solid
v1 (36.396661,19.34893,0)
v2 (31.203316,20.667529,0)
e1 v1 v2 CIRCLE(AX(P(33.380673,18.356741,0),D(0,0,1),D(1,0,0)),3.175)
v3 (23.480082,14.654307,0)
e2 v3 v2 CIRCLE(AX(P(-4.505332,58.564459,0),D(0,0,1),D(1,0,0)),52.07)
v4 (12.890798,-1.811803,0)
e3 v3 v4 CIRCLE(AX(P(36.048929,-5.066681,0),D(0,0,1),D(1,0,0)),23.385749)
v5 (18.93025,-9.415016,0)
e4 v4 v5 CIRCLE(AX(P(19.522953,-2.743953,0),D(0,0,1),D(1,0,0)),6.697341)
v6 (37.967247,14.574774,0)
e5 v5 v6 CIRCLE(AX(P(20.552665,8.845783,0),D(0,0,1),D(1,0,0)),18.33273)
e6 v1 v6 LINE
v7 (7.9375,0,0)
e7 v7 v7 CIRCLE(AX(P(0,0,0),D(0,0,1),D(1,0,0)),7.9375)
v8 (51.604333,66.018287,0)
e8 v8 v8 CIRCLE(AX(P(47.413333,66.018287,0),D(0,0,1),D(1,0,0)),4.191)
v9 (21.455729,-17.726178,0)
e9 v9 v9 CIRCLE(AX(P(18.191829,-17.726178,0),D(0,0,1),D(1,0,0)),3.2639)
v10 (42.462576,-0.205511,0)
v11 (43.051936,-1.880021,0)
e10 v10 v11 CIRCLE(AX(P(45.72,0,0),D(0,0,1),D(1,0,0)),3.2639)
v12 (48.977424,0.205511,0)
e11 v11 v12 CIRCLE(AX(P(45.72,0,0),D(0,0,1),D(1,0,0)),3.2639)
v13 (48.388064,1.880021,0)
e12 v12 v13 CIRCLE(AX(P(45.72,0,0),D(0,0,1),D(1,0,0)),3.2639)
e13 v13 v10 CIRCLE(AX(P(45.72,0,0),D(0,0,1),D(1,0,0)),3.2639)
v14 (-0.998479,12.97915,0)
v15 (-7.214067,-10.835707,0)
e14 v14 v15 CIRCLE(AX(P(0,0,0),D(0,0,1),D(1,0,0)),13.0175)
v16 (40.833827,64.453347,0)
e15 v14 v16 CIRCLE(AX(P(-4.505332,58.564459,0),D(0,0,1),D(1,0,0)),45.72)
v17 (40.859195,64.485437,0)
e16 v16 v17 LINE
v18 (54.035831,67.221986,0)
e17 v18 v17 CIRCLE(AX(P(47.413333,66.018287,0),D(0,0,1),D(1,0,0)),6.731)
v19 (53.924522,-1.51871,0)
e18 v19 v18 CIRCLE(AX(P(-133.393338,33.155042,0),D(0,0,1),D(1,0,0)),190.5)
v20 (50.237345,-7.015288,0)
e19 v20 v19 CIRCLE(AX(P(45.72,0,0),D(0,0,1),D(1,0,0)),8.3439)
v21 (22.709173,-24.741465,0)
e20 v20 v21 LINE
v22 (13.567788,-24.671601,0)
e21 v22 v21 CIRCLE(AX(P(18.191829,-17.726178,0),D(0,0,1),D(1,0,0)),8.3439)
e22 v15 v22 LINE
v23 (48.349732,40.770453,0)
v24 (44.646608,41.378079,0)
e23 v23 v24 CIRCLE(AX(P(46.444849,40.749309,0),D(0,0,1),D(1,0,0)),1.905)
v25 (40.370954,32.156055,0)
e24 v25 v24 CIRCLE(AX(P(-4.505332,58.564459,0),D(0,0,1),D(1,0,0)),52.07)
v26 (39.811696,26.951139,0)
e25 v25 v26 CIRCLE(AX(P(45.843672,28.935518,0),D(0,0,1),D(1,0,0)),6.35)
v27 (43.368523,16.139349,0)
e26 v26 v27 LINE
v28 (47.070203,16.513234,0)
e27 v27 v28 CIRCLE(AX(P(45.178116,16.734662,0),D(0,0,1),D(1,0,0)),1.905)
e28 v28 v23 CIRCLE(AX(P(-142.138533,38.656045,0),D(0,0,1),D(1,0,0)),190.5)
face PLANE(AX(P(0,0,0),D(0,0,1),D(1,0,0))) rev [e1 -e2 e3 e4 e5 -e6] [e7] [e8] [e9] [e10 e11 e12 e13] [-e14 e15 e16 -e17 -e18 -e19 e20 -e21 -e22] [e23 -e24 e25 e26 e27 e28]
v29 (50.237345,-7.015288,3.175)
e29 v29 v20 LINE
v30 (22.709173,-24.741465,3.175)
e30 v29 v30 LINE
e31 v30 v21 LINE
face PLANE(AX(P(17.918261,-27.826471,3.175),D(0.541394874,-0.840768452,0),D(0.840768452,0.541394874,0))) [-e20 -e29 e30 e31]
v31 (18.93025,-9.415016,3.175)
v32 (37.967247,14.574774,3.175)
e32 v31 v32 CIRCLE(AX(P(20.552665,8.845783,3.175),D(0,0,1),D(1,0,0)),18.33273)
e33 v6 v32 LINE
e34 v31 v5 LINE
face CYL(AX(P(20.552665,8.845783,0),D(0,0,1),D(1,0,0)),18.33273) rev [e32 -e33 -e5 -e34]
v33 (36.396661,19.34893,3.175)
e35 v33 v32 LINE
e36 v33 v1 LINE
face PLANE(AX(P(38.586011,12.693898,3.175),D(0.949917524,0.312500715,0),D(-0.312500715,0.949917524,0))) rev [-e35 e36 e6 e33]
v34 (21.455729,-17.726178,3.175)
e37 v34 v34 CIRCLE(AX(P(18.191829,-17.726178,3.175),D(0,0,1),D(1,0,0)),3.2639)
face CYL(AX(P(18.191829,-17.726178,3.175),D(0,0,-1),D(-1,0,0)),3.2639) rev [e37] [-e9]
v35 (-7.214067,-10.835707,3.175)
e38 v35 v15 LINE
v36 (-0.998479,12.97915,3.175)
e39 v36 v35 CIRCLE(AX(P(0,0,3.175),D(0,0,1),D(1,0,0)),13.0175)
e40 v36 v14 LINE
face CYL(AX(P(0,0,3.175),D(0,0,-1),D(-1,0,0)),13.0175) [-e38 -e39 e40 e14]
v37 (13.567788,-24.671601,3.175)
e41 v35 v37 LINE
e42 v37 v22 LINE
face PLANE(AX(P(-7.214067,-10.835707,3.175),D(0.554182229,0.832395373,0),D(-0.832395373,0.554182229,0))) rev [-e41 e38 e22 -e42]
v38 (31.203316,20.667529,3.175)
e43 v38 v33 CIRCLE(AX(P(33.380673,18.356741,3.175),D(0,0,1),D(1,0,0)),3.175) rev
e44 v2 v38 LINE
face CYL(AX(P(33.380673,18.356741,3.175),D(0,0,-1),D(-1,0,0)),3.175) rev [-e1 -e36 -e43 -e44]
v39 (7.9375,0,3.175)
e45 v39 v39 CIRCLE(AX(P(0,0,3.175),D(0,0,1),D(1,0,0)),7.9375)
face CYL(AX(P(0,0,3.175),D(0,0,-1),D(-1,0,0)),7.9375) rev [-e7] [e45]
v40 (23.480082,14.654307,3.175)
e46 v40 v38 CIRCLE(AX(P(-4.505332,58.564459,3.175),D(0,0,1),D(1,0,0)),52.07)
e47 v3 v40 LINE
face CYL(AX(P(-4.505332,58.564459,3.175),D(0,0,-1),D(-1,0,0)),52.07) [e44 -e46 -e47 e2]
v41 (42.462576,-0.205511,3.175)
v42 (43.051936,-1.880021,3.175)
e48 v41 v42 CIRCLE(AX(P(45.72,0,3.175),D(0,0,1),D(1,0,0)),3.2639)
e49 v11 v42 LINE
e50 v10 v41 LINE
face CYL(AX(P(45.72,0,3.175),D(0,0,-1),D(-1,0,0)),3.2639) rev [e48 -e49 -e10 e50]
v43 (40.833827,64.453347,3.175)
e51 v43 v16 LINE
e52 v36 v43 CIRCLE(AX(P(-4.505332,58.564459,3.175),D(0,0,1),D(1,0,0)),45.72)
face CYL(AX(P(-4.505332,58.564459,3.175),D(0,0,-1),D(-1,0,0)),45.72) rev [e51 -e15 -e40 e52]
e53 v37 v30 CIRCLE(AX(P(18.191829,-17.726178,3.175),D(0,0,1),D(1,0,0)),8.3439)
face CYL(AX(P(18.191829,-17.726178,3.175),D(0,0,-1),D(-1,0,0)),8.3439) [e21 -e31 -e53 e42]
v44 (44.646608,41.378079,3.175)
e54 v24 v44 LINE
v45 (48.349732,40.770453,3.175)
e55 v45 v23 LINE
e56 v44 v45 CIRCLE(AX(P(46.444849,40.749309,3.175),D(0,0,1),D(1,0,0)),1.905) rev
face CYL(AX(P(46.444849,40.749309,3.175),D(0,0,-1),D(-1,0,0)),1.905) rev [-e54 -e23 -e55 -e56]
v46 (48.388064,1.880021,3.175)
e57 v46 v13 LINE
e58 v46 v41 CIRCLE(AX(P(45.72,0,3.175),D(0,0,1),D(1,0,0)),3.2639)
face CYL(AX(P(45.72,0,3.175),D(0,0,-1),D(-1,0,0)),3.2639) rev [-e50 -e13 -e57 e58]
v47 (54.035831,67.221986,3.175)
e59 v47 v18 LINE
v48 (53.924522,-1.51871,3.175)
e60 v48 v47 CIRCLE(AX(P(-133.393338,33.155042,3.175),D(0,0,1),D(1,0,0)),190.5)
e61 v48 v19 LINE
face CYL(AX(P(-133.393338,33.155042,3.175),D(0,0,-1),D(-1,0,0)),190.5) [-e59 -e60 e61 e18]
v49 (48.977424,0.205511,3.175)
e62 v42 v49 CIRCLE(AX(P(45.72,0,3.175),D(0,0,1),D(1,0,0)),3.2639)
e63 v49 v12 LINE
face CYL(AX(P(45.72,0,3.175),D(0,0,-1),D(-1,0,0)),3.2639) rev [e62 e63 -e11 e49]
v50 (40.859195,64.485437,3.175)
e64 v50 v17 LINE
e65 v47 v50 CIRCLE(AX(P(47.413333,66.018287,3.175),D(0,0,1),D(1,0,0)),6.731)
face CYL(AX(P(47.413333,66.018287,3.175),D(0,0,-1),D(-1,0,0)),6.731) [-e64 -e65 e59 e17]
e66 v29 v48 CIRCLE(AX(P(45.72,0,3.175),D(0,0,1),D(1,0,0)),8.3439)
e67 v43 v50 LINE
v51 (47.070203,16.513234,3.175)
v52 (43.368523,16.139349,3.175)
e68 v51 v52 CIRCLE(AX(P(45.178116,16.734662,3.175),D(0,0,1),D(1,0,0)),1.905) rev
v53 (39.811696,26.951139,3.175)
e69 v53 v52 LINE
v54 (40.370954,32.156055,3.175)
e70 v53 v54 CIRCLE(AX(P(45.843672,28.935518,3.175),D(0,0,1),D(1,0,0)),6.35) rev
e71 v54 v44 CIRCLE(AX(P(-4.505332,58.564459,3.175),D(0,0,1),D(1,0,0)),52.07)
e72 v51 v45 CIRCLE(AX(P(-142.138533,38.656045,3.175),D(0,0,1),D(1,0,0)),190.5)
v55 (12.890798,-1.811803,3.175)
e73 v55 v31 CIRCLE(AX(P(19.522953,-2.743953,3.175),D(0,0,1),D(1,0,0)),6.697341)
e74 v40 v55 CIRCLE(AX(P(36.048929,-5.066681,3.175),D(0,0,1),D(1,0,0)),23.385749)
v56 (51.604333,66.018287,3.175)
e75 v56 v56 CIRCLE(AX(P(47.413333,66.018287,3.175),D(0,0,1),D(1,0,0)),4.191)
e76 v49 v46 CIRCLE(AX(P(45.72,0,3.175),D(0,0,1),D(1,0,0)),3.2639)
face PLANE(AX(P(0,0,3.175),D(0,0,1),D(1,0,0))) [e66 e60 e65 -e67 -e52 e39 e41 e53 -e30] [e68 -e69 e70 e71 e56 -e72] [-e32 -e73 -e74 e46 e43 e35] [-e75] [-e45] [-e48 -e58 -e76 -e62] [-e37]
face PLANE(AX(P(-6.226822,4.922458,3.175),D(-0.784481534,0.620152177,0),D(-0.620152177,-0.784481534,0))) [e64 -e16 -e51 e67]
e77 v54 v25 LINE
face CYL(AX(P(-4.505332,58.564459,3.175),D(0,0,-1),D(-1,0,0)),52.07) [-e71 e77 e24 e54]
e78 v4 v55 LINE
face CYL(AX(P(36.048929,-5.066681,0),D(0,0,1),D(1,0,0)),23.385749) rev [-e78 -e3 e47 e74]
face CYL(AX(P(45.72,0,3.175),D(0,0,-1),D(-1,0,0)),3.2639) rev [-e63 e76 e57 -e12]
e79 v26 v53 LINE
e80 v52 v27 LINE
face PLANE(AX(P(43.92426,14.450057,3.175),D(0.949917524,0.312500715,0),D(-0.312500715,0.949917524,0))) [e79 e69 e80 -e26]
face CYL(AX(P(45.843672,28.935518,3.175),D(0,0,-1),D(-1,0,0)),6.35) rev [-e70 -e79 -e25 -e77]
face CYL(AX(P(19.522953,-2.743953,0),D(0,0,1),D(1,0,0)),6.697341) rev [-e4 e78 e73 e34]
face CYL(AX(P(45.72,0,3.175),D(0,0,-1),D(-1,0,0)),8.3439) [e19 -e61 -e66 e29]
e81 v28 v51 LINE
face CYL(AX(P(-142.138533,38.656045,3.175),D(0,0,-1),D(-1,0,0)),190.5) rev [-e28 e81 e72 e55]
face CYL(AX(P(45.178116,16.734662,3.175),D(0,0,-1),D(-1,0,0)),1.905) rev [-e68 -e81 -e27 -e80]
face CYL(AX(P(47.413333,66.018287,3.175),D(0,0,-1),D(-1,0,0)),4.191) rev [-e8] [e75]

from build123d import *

# Parameters (mm, degrees)
SKETCH2_R           = 7.9375
SKETCH2_R_2         = 3.2639
SKETCH2_R_3         = 4.191
BOSS_EXTRUDE1_DEPTH = 3.175
FILLET3_R           = 1.905
FILLET4_R           = 6.35
BOSS_EXTRUDE2_START = -3.175
BOSS_EXTRUDE2_DEPTH = 3.175
CUT_EXTRUDE1_DEPTH  = 12.065
FILLET5_R           = 3.175


with BuildPart() as part:
    # Sketch2 → Boss-Extrude1 (new body)
    with BuildSketch(Plane.XY):
        with BuildLine():
            Line((22.709173353, -24.74146542), (50.237344688, -7.01528789))
            ThreePointArc((50.237344688, -7.01528789), (52.649254226, -4.648236557), (53.924522204, -1.51871084))
            ThreePointArc((53.924522204, -1.51871084), (57.106411985, 32.846575037), (54.035830718, 67.22198524))
            ThreePointArc((54.035830718, 67.22198524), (46.044632155, 72.608660166), (40.859194914, 64.485436554))
            Line((40.859194914, 64.485436554), (40.833827284, 64.453346951))
            ThreePointArc((40.833827284, 64.453346951), (30.975387354, 29.729811242), (-0.998479041, 12.979150429))
            ThreePointArc((-0.998479041, 12.979150429), (-12.595568055, 3.287395871), (-7.214067166, -10.835706769))
            Line((-7.214067166, -10.835706769), (13.567787564, -24.671601284))
            ThreePointArc((13.567787564, -24.671601284), (18.128061271, -26.069833859), (22.709173353, -24.74146542))
        make_face()
        Circle(SKETCH2_R, mode=Mode.SUBTRACT)
        with Locations((18.191828664, -17.726177531)):
            Circle(SKETCH2_R_2, mode=Mode.SUBTRACT)
        with Locations((45.72, 0)):
            Circle(SKETCH2_R_2, mode=Mode.SUBTRACT)
        with BuildLine():
            Line((40.584986991, 6.617553577), (21.318666843, -5.788581474))
            Line((21.318666843, -5.788581474), (11.074870198, -6.841239387))
            ThreePointArc((11.074870198, -6.841239387), (12.976194182, 1.036190528), (9.848859751, 8.512066016))
            ThreePointArc((9.848859751, 8.512066016), (23.445327069, 14.632175726), (34.749899024, 24.354640398))
            Line((34.749899024, 24.354640398), (40.584986991, 6.617553577))
        make_face(mode=Mode.SUBTRACT)
        with BuildLine():
            ThreePointArc((47.523781163, 56.501393309), (48.257752726, 32.370804269), (45.933946154, 8.34115665))
            Line((45.933946154, 8.34115665), (38.882442516, 29.775817606))
            ThreePointArc((38.882442516, 29.775817606), (45.039190515, 42.544935267), (47.523781163, 56.501393309))
        make_face(mode=Mode.SUBTRACT)
        with Locations((47.413333333, 66.018287029)):
            Circle(SKETCH2_R_3, mode=Mode.SUBTRACT)
    extrude(amount=BOSS_EXTRUDE1_DEPTH)

    # Fillet3
    fillet3_edges = [part.edges().sort_by_distance(p)[0] for p in [
        (45.933946154, 8.34115665, 1.5875),
        (47.523781163, 56.501393309, 1.5875),
    ]]
    fillet(fillet3_edges, radius=FILLET3_R)

    # Fillet4
    fillet4_edges = [part.edges().sort_by_distance(p)[0] for p in [
        (38.882442516, 29.775817606, 1.5875),
    ]]
    fillet(fillet4_edges, radius=FILLET4_R)

    # Sketch3 → Boss-Extrude2 (add)
    with BuildSketch(Plane.XY.offset(3.175).offset(BOSS_EXTRUDE2_START)):
        with BuildLine():
            ThreePointArc((37.967247274, 14.574773228), (38.850624387, 9.974362656), (38.539279751, 5.300264126))
            Line((38.539279751, 5.300264126), (40.584986991, 6.617553577))
            Line((40.584986991, 6.617553577), (37.967247274, 14.574773228))
        make_face()
        with BuildLine():
            ThreePointArc((14.005375904, -6.540099084), (13.004272705, -4.28056917), (12.890798124, -1.811802966))
            ThreePointArc((12.890798124, -1.811802966), (12.243860592, -4.42076736), (11.074870198, -6.841239387))
            Line((11.074870198, -6.841239387), (14.005375904, -6.540099084))
        make_face()
        with BuildLine():
            ThreePointArc((9.848859751, 8.512066016), (12.486736073, 3.679229335), (12.890798124, -1.811802966))
            ThreePointArc((12.890798124, -1.811802966), (16.379474961, 7.582660649), (23.480082515, 14.654307207))
            ThreePointArc((23.480082515, 14.654307207), (16.886076234, 11.091387544), (9.848859751, 8.512066016))
        make_face()
    extrude(amount=BOSS_EXTRUDE2_DEPTH)

    # Sketch4 → Cut-Extrude1 (cut)
    with BuildSketch(Plane.XY):
        with BuildLine():
            Line((38.539279751, 5.300264126), (24.727997063, 1.47053375))
            ThreePointArc((24.727997063, 1.47053375), (25.836206507, -0.508508416), (26.220294441, -2.743953008))
            ThreePointArc((26.220294441, -2.743953008), (24.044282761, -7.68479904), (18.930249644, -9.41501626))
            ThreePointArc((18.930249644, -9.41501626), (30.477911362, -6.56779892), (37.848176473, 2.766778194))
            ThreePointArc((37.848176473, 2.766778194), (38.239149826, 4.021130685), (38.539279751, 5.300264126))
        make_face()
        with BuildLine():
            ThreePointArc((24.727997063, 1.47053375), (17.733373474, 3.709866579), (12.890798123, -1.811802972))
            Line((12.890798123, -1.811802972), (24.727997063, 1.47053375))
        make_face()
        with BuildLine():
            Line((24.727997063, 1.47053375), (12.890798123, -1.811802972))
            ThreePointArc((12.890798123, -1.811802972), (14.27873169, -6.909589201), (18.930249644, -9.41501626))
            ThreePointArc((18.930249644, -9.41501626), (24.044282761, -7.68479904), (26.220294441, -2.743953008))
            ThreePointArc((26.220294441, -2.743953008), (25.836206507, -0.508508416), (24.727997063, 1.47053375))
        make_face()
    extrude(amount=CUT_EXTRUDE1_DEPTH, mode=Mode.SUBTRACT)

    # Fillet5
    fillet5_edges = [part.edges().sort_by_distance(p)[0] for p in [
        (34.749899024, 24.354640398, 1.5875),
    ]]
    fillet(fillet5_edges, radius=FILLET5_R)


solid = part.part
